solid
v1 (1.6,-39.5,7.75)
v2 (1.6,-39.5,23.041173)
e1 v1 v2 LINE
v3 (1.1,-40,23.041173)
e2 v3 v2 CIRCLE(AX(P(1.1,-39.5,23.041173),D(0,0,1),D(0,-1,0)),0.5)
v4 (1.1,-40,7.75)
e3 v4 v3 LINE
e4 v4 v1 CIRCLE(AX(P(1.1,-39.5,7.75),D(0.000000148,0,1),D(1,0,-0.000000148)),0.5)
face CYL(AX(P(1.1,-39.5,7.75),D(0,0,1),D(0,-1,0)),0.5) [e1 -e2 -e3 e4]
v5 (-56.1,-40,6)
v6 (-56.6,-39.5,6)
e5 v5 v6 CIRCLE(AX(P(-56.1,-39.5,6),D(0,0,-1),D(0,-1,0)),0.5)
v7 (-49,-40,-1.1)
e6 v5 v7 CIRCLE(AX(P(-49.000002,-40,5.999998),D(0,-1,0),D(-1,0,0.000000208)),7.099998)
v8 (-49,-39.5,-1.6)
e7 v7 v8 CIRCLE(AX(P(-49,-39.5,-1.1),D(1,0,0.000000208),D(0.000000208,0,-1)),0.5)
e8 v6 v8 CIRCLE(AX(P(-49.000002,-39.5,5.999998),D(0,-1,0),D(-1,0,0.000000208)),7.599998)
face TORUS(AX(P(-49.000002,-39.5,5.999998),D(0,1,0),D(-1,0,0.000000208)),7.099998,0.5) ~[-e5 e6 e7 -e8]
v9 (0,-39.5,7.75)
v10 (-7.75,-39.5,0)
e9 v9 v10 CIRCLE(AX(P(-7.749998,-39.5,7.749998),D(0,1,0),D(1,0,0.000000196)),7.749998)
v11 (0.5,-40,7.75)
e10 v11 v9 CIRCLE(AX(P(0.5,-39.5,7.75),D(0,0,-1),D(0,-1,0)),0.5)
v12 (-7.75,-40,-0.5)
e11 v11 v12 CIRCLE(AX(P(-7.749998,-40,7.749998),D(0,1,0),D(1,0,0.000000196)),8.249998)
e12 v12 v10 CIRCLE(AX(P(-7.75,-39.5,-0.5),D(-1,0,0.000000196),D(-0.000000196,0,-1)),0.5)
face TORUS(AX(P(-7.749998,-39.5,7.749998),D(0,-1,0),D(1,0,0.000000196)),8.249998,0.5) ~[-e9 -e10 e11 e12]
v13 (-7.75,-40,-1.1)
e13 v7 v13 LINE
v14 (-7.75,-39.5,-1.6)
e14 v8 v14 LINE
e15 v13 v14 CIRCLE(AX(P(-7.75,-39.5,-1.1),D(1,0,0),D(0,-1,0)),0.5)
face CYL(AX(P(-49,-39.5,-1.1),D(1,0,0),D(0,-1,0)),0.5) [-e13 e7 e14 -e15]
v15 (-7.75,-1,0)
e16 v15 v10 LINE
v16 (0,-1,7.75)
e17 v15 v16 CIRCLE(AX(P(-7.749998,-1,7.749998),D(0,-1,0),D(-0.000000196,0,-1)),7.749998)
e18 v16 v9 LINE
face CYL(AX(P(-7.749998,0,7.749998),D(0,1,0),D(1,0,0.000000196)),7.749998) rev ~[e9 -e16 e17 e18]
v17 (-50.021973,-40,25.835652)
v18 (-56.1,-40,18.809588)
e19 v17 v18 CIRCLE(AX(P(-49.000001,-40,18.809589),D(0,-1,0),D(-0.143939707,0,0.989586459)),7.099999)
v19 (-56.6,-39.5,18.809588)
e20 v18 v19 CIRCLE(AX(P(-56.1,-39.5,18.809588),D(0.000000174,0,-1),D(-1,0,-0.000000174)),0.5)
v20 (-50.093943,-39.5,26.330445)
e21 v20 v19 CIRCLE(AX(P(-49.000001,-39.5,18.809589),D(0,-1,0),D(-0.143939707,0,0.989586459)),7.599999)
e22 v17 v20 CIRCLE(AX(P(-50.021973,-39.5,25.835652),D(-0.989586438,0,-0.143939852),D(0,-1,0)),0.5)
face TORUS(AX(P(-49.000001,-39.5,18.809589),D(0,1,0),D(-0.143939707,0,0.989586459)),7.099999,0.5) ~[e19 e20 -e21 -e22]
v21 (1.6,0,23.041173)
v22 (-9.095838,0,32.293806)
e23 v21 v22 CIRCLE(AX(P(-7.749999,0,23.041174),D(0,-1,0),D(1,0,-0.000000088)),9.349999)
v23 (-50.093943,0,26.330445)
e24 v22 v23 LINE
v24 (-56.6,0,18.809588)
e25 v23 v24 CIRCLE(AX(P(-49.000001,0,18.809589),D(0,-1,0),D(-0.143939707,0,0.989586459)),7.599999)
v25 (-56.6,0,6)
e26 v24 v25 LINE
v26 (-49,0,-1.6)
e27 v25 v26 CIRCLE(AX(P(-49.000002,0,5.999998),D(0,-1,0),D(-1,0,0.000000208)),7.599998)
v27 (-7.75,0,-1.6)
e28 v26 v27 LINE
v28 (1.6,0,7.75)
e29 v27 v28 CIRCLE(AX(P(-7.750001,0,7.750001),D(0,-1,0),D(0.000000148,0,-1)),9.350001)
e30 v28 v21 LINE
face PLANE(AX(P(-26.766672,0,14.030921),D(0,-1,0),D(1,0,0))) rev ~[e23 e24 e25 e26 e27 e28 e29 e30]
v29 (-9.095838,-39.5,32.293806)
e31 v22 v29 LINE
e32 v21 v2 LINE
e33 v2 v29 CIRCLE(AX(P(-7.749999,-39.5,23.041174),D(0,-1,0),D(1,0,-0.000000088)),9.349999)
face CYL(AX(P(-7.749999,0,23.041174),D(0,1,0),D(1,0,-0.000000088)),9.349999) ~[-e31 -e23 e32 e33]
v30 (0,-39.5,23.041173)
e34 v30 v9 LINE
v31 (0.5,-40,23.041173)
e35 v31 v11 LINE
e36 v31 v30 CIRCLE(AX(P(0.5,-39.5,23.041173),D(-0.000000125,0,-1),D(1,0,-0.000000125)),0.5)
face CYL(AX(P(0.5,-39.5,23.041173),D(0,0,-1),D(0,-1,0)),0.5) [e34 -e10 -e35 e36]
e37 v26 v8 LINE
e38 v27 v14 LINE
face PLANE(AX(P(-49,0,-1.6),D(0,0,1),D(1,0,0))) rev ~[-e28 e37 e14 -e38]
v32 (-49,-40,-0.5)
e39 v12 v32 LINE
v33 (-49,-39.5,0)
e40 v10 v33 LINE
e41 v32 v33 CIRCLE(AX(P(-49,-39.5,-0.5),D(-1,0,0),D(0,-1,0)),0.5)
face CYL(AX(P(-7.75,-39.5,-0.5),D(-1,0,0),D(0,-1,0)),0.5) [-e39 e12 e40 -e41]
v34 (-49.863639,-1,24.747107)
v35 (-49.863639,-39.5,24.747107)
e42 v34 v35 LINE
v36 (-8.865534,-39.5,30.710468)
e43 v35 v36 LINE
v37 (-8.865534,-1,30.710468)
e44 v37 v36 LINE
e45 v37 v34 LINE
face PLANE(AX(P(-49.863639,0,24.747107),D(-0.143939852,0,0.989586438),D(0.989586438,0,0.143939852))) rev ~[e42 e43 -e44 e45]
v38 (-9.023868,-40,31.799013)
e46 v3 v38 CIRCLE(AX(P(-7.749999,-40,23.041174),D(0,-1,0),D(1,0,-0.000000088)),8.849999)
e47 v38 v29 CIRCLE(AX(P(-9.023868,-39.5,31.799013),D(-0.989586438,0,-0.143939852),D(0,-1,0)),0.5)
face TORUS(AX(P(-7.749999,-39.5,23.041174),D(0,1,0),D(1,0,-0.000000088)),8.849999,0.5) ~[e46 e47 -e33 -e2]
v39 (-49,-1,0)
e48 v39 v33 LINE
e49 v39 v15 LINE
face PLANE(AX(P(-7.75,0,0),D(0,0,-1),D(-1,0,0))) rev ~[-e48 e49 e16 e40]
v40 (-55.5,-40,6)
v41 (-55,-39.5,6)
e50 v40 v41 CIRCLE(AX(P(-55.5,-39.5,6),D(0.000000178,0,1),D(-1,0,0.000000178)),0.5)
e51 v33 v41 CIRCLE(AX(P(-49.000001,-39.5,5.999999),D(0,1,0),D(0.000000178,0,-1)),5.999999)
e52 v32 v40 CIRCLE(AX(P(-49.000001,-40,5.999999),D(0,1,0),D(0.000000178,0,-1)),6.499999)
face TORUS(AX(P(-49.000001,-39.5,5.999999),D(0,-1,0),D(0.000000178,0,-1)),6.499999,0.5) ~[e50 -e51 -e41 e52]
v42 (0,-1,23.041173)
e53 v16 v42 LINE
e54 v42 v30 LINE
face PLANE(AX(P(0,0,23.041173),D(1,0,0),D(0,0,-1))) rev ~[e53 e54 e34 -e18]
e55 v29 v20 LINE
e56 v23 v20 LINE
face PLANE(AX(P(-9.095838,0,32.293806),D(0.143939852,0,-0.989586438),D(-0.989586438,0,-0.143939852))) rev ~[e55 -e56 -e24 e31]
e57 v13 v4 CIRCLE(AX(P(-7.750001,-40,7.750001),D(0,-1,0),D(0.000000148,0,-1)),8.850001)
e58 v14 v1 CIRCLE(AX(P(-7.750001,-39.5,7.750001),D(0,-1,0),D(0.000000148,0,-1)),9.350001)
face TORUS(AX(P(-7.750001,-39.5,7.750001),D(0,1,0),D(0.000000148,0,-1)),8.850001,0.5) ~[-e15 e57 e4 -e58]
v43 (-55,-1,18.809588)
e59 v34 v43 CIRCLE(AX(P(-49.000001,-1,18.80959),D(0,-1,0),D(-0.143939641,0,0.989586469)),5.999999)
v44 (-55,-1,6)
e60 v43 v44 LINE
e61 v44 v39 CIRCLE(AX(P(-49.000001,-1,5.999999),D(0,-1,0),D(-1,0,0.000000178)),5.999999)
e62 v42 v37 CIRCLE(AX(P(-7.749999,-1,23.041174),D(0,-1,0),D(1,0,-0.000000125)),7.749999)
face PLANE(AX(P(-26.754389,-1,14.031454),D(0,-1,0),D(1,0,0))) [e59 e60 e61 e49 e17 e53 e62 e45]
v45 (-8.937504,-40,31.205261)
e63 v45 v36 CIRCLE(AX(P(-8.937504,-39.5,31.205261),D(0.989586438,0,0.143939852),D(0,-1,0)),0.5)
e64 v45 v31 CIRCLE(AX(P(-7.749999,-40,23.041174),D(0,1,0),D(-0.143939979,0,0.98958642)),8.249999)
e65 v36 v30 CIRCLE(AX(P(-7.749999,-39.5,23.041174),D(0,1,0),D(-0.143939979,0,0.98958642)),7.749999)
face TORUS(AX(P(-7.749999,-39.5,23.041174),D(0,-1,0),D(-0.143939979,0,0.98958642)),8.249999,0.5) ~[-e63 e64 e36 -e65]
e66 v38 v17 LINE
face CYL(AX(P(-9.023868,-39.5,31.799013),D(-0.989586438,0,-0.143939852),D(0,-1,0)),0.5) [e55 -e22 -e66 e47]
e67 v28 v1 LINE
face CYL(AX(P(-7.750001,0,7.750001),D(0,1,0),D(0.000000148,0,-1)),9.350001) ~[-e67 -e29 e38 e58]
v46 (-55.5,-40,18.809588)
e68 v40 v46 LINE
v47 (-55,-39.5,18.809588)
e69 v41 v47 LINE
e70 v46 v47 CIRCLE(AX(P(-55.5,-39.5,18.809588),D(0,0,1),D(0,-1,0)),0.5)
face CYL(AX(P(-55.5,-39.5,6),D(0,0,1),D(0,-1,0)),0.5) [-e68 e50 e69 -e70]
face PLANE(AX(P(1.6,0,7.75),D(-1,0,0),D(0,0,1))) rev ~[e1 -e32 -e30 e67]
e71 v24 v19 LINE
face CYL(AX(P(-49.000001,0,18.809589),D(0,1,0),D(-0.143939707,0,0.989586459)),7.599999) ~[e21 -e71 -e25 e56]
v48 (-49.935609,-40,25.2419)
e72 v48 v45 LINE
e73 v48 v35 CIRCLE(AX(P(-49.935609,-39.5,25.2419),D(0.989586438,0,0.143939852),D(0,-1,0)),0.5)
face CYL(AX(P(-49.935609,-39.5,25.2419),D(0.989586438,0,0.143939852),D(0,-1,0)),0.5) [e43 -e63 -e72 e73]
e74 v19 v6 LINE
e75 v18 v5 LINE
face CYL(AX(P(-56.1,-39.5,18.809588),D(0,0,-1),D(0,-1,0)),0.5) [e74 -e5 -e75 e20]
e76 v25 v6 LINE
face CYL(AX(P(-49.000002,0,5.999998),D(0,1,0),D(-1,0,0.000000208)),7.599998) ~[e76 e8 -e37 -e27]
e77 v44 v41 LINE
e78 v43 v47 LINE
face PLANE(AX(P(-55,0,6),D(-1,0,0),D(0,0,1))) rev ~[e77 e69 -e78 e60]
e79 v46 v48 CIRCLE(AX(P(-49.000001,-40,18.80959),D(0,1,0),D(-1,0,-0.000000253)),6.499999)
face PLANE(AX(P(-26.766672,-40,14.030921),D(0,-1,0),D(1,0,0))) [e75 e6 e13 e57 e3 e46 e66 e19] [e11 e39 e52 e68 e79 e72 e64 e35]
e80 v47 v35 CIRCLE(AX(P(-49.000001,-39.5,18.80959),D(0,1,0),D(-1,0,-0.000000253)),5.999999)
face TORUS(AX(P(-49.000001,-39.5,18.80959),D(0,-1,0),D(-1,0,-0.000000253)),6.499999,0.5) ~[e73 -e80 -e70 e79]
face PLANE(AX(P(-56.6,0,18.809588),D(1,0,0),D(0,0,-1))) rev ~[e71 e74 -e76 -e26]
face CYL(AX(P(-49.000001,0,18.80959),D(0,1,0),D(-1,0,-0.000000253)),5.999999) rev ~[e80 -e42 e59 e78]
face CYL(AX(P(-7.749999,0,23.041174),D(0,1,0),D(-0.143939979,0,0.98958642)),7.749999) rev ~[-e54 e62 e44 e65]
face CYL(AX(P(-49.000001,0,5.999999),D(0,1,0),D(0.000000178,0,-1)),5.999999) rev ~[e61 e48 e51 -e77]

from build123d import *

# Parameters (mm, degrees)
F1_DEPTH = 1
F2_DEPTH = 40
F3_R     = 0.5


with BuildPart() as f1:
    # F0 (on Front) → F1 (new body)
    with BuildSketch(Plane.XZ):
        with BuildLine():
            ThreePointArc((-7.75, 0), (-2.269922, 2.269922), (0, 7.75))
            Line((0, 7.75), (0, 23.041173))
            ThreePointArc((0, 23.041173), (-2.679639, 28.902397), (-8.865534, 30.710468))
            Line((-8.865534, 30.710468), (-49.863639, 24.747107))
            ThreePointArc((-49.863639, 24.747107), (-53.537722, 22.735029), (-55, 18.809588))
            Line((-55, 18.809588), (-55, 6))
            ThreePointArc((-55, 6), (-53.242641, 1.757359), (-49, 0))
            Line((-49, 0), (-7.75, 0))
        make_face()
    extrude(amount=F1_DEPTH)

    # F0 (on Front) → F2 (join)
    with BuildSketch(Plane.XZ):
        with BuildLine():
            Line((-49, -1.6), (-7.75, -1.6))
            ThreePointArc((-7.75, -1.6), (-1.138552, 1.138552), (1.6, 7.75))
            Line((1.6, 7.75), (1.6, 23.041173))
            ThreePointArc((1.6, 23.041173), (-1.632855, 30.112456), (-9.095838, 32.293806))
            Line((-9.095838, 32.293806), (-50.093943, 26.330445))
            ThreePointArc((-50.093943, 26.330445), (-54.747781, 23.781813), (-56.6, 18.809588))
            Line((-56.6, 18.809588), (-56.6, 6))
            ThreePointArc((-56.6, 6), (-54.374012, 0.625988), (-49, -1.6))
        make_face()
        with BuildLine():
            Line((0, 23.041173), (0, 7.75))
            ThreePointArc((0, 7.75), (-2.269922, 2.269922), (-7.75, 0))
            Line((-7.75, 0), (-49, 0))
            ThreePointArc((-49, 0), (-53.242641, 1.757359), (-55, 6))
            Line((-55, 6), (-55, 18.809588))
            ThreePointArc((-55, 18.809588), (-53.537722, 22.735029), (-49.863639, 24.747107))
            Line((-49.863639, 24.747107), (-8.865534, 30.710468))
            ThreePointArc((-8.865534, 30.710468), (-2.679639, 28.902397), (0, 23.041173))
        make_face(mode=Mode.SUBTRACT)
    extrude(amount=F2_DEPTH)

    # F3
    f3_edges = [f1.edges().sort_by_distance(p)[0] for p in [
        (-29.59489, -40, 29.312126),
        (-29.364586, -40, 27.728787),
    ]]
    fillet(f3_edges, radius=F3_R)


solid = f1.part
